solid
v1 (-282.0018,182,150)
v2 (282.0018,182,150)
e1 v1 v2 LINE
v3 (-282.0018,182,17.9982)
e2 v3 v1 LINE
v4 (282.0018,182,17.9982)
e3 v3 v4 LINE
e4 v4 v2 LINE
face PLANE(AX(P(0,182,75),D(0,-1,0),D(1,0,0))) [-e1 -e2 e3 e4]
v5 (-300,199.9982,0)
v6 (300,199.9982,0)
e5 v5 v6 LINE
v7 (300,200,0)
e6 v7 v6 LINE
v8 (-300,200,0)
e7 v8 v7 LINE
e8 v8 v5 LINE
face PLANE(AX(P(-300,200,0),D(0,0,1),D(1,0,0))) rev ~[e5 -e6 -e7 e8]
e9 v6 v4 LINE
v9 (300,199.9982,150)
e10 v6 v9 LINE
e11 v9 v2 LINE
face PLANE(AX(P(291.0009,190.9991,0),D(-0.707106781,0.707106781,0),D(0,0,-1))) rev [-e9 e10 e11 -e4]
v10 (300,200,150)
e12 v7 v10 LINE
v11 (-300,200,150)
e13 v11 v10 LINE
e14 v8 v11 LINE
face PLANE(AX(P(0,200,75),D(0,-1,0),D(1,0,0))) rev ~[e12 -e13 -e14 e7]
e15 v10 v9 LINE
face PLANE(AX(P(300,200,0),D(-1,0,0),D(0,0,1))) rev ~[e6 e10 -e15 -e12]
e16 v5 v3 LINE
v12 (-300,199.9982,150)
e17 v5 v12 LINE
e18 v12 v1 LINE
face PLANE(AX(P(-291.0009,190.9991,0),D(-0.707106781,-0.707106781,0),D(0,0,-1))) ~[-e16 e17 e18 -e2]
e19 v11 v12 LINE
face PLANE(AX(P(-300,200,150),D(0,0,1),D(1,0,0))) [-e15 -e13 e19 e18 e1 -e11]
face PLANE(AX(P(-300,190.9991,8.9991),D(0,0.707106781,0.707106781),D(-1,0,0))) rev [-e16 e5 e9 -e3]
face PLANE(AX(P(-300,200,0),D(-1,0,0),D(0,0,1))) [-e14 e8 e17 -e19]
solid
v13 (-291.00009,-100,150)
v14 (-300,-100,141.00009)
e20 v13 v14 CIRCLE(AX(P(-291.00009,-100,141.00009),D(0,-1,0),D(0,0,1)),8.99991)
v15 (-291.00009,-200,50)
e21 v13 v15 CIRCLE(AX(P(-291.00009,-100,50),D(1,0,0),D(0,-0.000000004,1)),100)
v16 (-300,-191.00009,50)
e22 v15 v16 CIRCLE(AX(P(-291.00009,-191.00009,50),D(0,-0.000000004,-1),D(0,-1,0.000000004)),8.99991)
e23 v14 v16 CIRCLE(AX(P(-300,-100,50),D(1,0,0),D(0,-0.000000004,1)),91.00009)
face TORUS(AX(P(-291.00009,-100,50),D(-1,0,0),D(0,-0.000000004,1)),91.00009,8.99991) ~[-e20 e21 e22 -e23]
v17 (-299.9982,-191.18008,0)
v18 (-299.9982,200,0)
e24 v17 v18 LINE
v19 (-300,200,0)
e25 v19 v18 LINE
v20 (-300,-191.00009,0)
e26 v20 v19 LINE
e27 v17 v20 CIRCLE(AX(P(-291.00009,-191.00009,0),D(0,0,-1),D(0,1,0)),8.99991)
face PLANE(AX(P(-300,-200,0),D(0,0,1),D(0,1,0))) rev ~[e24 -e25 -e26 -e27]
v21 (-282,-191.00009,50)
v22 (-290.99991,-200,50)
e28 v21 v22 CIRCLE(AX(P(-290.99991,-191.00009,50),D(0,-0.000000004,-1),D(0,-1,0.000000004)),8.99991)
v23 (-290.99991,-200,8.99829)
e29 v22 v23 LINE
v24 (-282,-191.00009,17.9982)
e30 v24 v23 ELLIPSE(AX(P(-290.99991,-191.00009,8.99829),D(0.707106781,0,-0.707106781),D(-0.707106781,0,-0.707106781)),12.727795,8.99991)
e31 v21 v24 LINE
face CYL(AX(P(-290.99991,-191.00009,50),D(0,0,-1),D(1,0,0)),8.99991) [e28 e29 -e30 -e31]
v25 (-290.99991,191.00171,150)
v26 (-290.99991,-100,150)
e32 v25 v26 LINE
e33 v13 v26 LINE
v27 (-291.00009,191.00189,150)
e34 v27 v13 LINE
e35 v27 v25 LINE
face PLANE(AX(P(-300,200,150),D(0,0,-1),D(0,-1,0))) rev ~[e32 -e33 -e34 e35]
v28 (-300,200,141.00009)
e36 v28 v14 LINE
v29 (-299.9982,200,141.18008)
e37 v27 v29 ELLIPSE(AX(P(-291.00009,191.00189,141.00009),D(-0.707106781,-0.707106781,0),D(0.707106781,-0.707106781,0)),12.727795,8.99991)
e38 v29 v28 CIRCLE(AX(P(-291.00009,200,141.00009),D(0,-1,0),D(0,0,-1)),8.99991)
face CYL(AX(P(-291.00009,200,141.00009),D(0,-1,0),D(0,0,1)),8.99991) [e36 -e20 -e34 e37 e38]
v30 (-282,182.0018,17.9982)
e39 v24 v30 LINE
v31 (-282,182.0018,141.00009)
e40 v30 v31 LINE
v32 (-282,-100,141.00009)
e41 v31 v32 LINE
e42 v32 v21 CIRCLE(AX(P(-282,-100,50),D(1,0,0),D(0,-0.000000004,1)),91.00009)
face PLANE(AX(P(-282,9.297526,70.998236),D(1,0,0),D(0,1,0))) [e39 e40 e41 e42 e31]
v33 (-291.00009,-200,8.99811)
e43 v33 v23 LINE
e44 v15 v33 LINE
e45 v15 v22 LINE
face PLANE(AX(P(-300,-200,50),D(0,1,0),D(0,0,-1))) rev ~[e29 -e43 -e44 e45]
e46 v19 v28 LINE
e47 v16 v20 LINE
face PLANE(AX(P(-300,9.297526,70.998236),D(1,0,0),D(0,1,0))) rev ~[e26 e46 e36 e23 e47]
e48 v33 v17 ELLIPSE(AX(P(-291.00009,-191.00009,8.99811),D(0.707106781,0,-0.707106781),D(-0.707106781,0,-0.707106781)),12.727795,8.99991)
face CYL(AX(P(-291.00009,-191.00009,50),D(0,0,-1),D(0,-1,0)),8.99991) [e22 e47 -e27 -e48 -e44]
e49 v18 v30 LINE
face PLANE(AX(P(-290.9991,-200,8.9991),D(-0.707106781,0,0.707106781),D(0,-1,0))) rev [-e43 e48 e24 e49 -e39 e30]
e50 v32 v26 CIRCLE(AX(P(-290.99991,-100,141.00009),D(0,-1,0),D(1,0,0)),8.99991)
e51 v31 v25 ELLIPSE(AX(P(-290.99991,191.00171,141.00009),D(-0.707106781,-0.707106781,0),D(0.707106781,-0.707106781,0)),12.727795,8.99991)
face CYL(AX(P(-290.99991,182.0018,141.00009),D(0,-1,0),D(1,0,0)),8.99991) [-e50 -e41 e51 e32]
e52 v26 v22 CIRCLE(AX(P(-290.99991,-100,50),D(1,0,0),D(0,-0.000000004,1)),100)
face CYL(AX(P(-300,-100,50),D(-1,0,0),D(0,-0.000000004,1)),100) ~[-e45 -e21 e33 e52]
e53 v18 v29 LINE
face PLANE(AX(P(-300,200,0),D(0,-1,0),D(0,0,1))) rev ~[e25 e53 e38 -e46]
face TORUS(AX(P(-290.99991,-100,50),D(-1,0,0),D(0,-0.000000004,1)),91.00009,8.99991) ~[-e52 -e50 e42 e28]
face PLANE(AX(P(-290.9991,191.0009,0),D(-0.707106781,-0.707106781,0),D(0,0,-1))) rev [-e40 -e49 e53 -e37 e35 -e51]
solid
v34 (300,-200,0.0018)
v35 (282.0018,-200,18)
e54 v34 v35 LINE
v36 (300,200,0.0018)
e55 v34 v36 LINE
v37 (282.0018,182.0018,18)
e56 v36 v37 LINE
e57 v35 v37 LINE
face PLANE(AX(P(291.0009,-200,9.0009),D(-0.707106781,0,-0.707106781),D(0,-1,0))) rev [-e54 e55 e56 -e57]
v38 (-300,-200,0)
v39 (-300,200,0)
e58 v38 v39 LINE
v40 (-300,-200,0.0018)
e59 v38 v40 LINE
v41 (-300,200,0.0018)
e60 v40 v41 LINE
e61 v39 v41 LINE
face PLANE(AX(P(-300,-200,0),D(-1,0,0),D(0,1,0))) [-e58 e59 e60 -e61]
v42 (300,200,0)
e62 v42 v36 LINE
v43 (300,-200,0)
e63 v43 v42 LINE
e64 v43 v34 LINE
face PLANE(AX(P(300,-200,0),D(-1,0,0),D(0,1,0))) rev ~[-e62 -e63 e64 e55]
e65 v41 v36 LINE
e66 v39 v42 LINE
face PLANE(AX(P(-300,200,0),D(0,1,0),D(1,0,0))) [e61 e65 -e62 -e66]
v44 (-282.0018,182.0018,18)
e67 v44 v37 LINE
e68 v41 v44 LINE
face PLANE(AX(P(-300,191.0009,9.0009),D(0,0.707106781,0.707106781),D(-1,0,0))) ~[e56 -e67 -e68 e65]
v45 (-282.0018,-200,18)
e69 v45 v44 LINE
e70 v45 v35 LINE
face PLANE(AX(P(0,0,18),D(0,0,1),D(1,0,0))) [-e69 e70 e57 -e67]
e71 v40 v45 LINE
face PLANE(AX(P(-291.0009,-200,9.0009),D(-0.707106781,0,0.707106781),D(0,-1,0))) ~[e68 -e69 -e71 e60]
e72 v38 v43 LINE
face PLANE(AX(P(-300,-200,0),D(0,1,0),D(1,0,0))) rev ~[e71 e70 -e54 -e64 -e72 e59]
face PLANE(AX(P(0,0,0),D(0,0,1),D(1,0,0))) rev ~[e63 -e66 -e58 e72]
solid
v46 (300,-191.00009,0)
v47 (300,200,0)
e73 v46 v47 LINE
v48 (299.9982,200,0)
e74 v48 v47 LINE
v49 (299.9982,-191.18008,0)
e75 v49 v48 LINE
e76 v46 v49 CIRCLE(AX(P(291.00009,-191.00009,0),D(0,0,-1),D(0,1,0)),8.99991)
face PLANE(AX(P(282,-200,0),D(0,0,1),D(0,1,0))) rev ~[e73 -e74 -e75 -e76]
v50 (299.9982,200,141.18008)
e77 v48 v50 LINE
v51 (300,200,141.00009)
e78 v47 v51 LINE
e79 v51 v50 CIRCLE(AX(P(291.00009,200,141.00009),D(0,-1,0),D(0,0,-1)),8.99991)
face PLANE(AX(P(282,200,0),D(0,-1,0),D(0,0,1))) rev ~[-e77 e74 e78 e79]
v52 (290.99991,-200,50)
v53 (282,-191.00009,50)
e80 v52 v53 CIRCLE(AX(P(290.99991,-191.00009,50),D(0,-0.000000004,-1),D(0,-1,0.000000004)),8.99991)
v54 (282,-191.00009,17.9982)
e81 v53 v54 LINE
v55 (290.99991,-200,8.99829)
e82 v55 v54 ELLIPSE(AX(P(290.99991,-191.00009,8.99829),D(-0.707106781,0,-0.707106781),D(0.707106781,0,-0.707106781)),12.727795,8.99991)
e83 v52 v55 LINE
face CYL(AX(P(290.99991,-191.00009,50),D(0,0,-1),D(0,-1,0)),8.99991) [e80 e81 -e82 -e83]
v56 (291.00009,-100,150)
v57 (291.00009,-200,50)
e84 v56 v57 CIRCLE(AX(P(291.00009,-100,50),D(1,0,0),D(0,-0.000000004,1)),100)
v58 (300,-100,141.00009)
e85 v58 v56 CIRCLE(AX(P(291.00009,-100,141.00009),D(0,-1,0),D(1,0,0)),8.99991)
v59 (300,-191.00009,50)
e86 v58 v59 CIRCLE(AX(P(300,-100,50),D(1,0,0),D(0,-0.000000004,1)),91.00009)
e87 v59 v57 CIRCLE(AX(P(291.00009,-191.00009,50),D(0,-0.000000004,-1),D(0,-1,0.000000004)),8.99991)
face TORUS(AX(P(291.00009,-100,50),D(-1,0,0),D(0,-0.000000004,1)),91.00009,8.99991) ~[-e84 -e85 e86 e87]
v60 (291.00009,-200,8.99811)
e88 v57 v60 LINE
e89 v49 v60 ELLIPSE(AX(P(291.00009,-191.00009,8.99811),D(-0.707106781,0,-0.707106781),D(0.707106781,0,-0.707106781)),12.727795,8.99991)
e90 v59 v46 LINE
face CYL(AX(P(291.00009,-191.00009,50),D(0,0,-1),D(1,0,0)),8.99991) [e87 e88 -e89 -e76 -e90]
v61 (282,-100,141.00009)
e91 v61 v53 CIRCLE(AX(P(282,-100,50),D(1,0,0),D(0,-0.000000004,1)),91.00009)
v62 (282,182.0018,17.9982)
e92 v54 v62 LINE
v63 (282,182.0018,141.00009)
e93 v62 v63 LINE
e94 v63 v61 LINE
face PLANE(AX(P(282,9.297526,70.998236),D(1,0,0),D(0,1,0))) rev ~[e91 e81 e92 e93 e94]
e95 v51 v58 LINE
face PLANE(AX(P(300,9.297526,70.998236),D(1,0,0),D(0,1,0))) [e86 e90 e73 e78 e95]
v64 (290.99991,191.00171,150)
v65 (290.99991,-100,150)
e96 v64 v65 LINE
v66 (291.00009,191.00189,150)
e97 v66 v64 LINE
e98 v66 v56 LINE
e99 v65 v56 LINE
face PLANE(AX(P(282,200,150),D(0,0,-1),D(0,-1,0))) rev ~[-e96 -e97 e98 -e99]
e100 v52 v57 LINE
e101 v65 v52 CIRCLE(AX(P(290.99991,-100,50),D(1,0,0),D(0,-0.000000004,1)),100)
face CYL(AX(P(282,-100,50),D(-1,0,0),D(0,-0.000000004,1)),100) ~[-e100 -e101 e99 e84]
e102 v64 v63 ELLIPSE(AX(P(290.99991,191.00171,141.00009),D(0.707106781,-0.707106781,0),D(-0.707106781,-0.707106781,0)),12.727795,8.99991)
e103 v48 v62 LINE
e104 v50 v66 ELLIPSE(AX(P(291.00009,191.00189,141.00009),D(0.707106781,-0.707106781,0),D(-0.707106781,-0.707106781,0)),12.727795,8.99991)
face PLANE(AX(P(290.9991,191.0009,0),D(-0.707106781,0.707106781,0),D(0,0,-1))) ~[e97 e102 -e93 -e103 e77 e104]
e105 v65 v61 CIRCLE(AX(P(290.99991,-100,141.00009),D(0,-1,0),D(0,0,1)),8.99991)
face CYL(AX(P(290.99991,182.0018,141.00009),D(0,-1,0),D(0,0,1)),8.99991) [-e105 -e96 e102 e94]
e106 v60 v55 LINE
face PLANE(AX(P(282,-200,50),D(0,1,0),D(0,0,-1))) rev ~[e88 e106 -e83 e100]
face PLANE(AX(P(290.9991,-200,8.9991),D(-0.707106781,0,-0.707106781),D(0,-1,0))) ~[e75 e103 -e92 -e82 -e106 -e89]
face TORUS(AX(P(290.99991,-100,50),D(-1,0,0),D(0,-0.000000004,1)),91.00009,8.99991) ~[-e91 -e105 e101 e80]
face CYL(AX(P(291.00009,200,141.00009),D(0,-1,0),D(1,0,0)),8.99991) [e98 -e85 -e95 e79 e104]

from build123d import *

# Parameters (mm, degrees)
SKETCH_W        = 600
SKETCH_H        = 400
PAD_DEPTH       = 18
CHAMFER_SIZE    = 17.9982
PAD001_DEPTH    = 18
CHAMFER001_SIZE = 17.9982
FILLET_R        = 8.99991
PAD002_DEPTH    = 18
CHAMFER002_SIZE = 17.9982
FILLET001_R     = 8.99991
SKETCH003_W     = 600
SKETCH003_H     = 150
PAD003_DEPTH    = 18
CHAMFER003_SIZE = 17.9982


with BuildPart() as base:
    # Sketch → Pad (new body)
    with BuildSketch(Plane.XY):
        Rectangle(SKETCH_W, SKETCH_H)
    extrude(amount=PAD_DEPTH)

    # Chamfer
    chamfer_edges = [base.edges().sort_by_distance(p)[0] for p in [
        (0, 200, 18),
        (300, 0, 18),
        (-300, 0, 18),
    ]]
    chamfer(chamfer_edges, length=CHAMFER_SIZE)


with BuildPart() as left:
    # Sketch001 → Pad001 (new body)
    with BuildSketch(Plane.YZ):
        with BuildLine():
            Line((-200, 50), (-200, 0))
            Line((-200, 0), (200, 0))
            Line((200, 0), (200, 150))
            Line((200, 150), (-100, 150))
            ThreePointArc((-100, 150), (-170.710678, 120.710678), (-200, 50))
        make_face()
    extrude(amount=PAD001_DEPTH)

    # Chamfer001
    chamfer001_edges = [left.edges().sort_by_distance(p)[0] for p in [
        (18, 200, 75),
        (18, 0, 0),
    ]]
    chamfer(chamfer001_edges, length=CHAMFER001_SIZE)

    # Fillet
    fillet_edges = [left.edges().sort_by_distance(p)[0] for p in [
        (18, -170.710678, 120.710678),
        (18, 41.0009, 150),
        (0, -200, 25),
        (0, -170.710678, 120.710678),
        (0, 50, 150),
    ]]
    fillet(fillet_edges, radius=FILLET_R)


with BuildPart() as left_1:
    # Body001 placement: moved
    add(left.part.moved(Location((-300, 0, 0))))


with BuildPart() as right:
    # Sketch002 → Pad002 (new body)
    with BuildSketch(Plane.YZ):
        with BuildLine():
            Line((-200, 50), (-200, 0))
            Line((-200, 0), (200, 0))
            Line((200, 0), (200, 150))
            Line((200, 150), (-100, 150))
            ThreePointArc((-100, 150), (-170.710678, 120.710678), (-200, 50))
        make_face()
    extrude(amount=PAD002_DEPTH)

    # Chamfer002
    chamfer002_edges = [right.edges().sort_by_distance(p)[0] for p in [
        (0, 200, 75),
        (0, 0, 0),
    ]]
    chamfer(chamfer002_edges, length=CHAMFER002_SIZE)

    # Fillet001
    fillet001_edges = [right.edges().sort_by_distance(p)[0] for p in [
        (18, 50, 150),
        (0, -200, 33.9991),
        (0, 41.0009, 150),
    ]]
    fillet(fillet001_edges, radius=FILLET001_R)


with BuildPart() as right_1:
    # Body002 placement: moved
    add(right.part.moved(Location((282, 0, 0))))


with BuildPart() as back:
    # Sketch003 → Pad003 (new body)
    with BuildSketch(Plane.XZ):
        with Locations((0, 75)):
            Rectangle(SKETCH003_W, SKETCH003_H)
    extrude(amount=PAD003_DEPTH)

    # Chamfer003
    chamfer003_edges = [back.edges().sort_by_distance(p)[0] for p in [
        (-300, -18, 75),
        (0, -18, 0),
        (300, -18, 75),
    ]]
    chamfer(chamfer003_edges, length=CHAMFER003_SIZE)


with BuildPart() as back_1:
    # Body003 placement: moved
    add(back.part.moved(Location((0, 200, 0))))


solid = Compound([base.part, left_1.part, right_1.part, back_1.part])
